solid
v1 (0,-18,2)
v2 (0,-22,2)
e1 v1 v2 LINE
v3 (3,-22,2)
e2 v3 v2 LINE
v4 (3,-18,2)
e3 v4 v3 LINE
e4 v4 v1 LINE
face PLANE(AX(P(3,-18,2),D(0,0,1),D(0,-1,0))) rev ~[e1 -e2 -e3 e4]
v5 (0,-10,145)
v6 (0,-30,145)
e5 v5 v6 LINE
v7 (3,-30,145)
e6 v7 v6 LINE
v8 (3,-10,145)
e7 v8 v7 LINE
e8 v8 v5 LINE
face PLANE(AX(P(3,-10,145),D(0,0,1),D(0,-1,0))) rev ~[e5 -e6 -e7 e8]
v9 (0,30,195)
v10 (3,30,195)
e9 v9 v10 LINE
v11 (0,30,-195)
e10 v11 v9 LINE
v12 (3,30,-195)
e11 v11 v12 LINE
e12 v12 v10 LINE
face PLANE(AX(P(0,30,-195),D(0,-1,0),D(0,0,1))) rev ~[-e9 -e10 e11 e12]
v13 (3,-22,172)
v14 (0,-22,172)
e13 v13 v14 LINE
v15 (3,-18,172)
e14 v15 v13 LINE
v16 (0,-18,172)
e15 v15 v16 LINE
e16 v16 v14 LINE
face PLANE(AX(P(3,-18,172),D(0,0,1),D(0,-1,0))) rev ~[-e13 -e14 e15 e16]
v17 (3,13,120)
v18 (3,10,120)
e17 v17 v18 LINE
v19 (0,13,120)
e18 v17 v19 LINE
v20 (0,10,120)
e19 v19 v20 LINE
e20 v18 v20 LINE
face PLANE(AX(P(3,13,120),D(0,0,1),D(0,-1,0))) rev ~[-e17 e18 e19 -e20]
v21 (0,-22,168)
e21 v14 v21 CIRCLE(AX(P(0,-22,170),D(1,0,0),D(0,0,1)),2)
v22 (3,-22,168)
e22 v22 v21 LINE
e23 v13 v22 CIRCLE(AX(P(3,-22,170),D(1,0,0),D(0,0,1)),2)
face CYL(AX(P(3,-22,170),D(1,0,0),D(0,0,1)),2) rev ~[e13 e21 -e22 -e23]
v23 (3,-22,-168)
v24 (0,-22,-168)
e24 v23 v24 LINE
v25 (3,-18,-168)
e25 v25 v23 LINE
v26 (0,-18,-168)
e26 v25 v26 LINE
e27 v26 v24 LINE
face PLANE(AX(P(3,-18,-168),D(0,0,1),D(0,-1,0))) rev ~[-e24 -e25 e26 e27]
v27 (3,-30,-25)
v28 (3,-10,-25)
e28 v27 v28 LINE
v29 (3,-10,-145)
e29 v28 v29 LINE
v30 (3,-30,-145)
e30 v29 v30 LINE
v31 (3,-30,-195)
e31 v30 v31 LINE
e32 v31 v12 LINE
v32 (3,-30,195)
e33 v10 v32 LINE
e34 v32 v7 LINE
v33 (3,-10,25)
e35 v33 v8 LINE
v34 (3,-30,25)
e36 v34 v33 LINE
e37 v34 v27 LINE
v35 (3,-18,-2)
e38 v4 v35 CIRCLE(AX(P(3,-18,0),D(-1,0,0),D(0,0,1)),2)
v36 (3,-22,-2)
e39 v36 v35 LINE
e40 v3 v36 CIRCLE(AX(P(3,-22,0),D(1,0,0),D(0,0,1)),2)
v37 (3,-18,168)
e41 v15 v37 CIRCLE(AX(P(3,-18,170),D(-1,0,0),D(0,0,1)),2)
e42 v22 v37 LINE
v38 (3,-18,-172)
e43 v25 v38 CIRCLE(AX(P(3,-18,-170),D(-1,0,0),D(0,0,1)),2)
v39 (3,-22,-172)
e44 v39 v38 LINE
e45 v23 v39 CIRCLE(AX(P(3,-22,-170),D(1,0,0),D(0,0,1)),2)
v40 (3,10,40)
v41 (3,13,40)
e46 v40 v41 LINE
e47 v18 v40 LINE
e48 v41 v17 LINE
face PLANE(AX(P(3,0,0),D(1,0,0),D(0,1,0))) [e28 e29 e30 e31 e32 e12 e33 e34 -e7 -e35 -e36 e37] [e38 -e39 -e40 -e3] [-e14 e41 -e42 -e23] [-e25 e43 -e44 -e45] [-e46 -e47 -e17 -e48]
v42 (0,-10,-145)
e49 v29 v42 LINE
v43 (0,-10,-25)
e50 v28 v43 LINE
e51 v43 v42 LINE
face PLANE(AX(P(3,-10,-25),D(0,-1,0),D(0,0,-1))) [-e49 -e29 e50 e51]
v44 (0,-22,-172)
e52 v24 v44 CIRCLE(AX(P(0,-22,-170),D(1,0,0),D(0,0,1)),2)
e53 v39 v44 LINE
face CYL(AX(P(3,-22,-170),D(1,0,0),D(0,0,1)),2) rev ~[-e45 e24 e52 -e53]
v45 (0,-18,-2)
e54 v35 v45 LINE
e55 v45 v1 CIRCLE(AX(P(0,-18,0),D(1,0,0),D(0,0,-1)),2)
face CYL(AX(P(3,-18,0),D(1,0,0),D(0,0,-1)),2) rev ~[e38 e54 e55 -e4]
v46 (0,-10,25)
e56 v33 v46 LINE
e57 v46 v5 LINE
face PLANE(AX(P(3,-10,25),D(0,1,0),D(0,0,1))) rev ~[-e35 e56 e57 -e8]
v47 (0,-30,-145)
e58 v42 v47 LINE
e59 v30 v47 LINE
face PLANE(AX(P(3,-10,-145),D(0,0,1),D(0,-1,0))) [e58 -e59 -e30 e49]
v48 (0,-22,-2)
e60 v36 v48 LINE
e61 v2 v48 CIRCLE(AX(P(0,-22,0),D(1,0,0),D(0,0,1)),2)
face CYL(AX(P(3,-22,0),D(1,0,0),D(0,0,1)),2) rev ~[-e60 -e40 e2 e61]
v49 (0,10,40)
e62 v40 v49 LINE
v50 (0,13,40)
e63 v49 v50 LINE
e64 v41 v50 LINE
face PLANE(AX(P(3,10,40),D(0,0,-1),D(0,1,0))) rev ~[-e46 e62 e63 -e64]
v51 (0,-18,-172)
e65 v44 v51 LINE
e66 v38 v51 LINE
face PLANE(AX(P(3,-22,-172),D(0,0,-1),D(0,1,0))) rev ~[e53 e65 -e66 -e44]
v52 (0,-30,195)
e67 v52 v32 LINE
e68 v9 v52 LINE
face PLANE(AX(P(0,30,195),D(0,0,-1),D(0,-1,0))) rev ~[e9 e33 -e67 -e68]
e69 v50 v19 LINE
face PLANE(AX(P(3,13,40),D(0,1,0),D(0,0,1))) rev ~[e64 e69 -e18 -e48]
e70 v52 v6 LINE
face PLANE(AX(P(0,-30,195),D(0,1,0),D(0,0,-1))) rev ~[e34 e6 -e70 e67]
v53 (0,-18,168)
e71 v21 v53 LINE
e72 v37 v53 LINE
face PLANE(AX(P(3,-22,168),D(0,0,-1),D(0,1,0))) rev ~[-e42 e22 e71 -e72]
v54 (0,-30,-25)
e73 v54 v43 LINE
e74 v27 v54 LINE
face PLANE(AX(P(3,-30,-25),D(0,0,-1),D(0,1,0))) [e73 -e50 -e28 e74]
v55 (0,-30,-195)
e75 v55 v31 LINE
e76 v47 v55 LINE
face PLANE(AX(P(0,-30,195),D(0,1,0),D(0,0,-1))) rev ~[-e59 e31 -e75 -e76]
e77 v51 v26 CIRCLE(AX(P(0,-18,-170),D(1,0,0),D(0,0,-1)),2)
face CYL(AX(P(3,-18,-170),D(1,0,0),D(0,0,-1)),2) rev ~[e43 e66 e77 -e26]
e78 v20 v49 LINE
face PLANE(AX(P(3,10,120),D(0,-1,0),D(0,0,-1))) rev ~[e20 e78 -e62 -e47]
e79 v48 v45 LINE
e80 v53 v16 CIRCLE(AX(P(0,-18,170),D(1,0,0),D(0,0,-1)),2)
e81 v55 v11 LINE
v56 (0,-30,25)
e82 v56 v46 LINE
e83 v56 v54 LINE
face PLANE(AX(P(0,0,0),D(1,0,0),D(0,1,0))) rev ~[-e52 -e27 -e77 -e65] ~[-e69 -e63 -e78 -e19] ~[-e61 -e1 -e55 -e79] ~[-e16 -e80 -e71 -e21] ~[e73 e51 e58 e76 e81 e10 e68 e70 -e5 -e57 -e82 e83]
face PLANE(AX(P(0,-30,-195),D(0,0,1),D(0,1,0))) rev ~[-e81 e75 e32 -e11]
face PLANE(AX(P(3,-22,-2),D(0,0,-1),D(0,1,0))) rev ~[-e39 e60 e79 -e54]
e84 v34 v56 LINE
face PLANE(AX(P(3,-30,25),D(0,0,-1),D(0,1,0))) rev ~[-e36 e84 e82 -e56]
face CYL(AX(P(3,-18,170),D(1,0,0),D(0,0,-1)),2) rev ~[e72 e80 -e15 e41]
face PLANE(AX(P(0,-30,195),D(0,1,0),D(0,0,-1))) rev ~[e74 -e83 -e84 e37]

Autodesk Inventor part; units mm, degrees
ref_plane "YZ Plane" through (0, 0, 0) normal (1, 0, 0) x (0, 1, 0)
ref_plane "XZ Plane" through (0, 0, 0) normal (0, 1, 0) x (-1, 0, 0)
ref_plane "XY Plane" through (0, 0, 0) normal (0, 0, 1) x (1, 0, 0)
sketch "스케치1" plane through (0, 0, 0) normal (1, 0, 0) x (0, 1, 0)
  line L0 (30, 195) -> (-30, 195)
  line L1 (-30, 195) -> (-30, -195)
  line L2 (-30, -195) -> (30, -195)
  line L3 (30, -195) -> (30, 195)
  point P0 (0, 0)
  dimension "d0" = 60
  dimension "d1" = 390
  dimension "d2" = 30
  dimension "d3" = 195
extrude "돌출1" add sketch "스케치1" along normal blind 3
sketch "스케치2" plane through (3, 0, 0) normal (1, 0, 0) x (0, 0, -1)
  line L0 (-195, -30) -> (195, -30) projected
  line L1 (-145, -30) -> (-25, -30)
  line L2 (-25, -30) -> (-25, -10)
  line L3 (-25, -10) -> (-145, -10)
  line L4 (-145, -10) -> (-145, -30)
  line L5 (-195, 30) -> (-195, -30) projected
  line L6 (0, 0) -> (0, -66.648) construction
  line L7 (25, -10) -> (145, -10)
  line L8 (145, -10) -> (145, -30)
  line L9 (145, -30) -> (25, -30)
  line L10 (25, -30) -> (25, -10)
  line L11 (195, -30) -> (195, 30) projected
  dimension "d6" = 20
  dimension "d7" = 50
  dimension "d8" = 25
  dimension "d9" = 50
  dimension "d10" = 25
  dimension "d11" = 20
extrude "돌출2" cut sketch "스케치2" against normal through all
sketch "스케치3" plane through (3, 0, 0) normal (1, 0, 0) x (0, 0, -1)
  line L0 (-170, 132.4891) -> (-170, -92.5)
  line L1 (0, 133.9107) -> (0, -104.4082)
  line L2 (170, 113.5044) -> (170, -115.928)
  line L3 (195, -30) -> (195, 30) projected
  line L4 (-195, 30) -> (-195, -30) projected
  line L5 (-170, -22) -> (-170, -18) construction
  line L6 (-168, -22) -> (-168, -18)
  line L7 (-172, -18) -> (-172, -22)
  arc A0 (-172, -22) -> (-168, -22) centre (-170, -22) ccw
  arc A1 (-168, -18) -> (-172, -18) centre (-170, -18) ccw
  line L8 (0, -22) -> (0, -18) construction
  line L9 (2, -22) -> (2, -18)
  line L10 (-2, -18) -> (-2, -22)
  arc A2 (-2, -22) -> (2, -22) centre (0, -22) ccw
  arc A3 (2, -18) -> (-2, -18) centre (0, -18) ccw
  line L11 (170, -22) -> (170, -18) construction
  line L12 (172, -22) -> (172, -18)
  line L13 (168, -18) -> (168, -22)
  arc A4 (168, -22) -> (172, -22) centre (170, -22) ccw
  arc A5 (172, -18) -> (168, -18) centre (170, -18) ccw
  line L14 (145, -30) -> (195, -30) projected
  line L15 (-25, -30) -> (25, -30) projected
  line L16 (-195, -30) -> (-145, -30) projected
  line L17 (-120, 10) -> (-40, 10)
  line L18 (-40, 10) -> (-40, 13)
  line L19 (-40, 13) -> (-120, 13)
  line L20 (-120, 13) -> (-120, 10)
  point P0 (0, 0)
  point P1 (-170, -20)
  point P2 (0, -20)
  point P3 (170, -20)
  dimension "d14" = 25
  dimension "d15" = 25
  dimension "d16" = 0
  dimension "d17" = 4
  dimension "d18" = 4
  dimension "d19" = 4
  dimension "d20" = 4
  dimension "d21" = 4
  dimension "d22" = 4
  dimension "d23" = 10
  dimension "d24" = 10
  dimension "d25" = 10
  dimension "d36" = 80
  dimension "d37" = 3
  dimension "d38" = 75
  dimension "d39" = 10
extrude "돌출3" cut sketch "스케치3" against normal blind 10
equation "\"d3\" = 0.5 * d1"
equation "\"d6\" = d11"
equation "\"d10\" = d8"
properties part number "라즈베리파이보관_옆판" material "PMMA 플라스틱"
